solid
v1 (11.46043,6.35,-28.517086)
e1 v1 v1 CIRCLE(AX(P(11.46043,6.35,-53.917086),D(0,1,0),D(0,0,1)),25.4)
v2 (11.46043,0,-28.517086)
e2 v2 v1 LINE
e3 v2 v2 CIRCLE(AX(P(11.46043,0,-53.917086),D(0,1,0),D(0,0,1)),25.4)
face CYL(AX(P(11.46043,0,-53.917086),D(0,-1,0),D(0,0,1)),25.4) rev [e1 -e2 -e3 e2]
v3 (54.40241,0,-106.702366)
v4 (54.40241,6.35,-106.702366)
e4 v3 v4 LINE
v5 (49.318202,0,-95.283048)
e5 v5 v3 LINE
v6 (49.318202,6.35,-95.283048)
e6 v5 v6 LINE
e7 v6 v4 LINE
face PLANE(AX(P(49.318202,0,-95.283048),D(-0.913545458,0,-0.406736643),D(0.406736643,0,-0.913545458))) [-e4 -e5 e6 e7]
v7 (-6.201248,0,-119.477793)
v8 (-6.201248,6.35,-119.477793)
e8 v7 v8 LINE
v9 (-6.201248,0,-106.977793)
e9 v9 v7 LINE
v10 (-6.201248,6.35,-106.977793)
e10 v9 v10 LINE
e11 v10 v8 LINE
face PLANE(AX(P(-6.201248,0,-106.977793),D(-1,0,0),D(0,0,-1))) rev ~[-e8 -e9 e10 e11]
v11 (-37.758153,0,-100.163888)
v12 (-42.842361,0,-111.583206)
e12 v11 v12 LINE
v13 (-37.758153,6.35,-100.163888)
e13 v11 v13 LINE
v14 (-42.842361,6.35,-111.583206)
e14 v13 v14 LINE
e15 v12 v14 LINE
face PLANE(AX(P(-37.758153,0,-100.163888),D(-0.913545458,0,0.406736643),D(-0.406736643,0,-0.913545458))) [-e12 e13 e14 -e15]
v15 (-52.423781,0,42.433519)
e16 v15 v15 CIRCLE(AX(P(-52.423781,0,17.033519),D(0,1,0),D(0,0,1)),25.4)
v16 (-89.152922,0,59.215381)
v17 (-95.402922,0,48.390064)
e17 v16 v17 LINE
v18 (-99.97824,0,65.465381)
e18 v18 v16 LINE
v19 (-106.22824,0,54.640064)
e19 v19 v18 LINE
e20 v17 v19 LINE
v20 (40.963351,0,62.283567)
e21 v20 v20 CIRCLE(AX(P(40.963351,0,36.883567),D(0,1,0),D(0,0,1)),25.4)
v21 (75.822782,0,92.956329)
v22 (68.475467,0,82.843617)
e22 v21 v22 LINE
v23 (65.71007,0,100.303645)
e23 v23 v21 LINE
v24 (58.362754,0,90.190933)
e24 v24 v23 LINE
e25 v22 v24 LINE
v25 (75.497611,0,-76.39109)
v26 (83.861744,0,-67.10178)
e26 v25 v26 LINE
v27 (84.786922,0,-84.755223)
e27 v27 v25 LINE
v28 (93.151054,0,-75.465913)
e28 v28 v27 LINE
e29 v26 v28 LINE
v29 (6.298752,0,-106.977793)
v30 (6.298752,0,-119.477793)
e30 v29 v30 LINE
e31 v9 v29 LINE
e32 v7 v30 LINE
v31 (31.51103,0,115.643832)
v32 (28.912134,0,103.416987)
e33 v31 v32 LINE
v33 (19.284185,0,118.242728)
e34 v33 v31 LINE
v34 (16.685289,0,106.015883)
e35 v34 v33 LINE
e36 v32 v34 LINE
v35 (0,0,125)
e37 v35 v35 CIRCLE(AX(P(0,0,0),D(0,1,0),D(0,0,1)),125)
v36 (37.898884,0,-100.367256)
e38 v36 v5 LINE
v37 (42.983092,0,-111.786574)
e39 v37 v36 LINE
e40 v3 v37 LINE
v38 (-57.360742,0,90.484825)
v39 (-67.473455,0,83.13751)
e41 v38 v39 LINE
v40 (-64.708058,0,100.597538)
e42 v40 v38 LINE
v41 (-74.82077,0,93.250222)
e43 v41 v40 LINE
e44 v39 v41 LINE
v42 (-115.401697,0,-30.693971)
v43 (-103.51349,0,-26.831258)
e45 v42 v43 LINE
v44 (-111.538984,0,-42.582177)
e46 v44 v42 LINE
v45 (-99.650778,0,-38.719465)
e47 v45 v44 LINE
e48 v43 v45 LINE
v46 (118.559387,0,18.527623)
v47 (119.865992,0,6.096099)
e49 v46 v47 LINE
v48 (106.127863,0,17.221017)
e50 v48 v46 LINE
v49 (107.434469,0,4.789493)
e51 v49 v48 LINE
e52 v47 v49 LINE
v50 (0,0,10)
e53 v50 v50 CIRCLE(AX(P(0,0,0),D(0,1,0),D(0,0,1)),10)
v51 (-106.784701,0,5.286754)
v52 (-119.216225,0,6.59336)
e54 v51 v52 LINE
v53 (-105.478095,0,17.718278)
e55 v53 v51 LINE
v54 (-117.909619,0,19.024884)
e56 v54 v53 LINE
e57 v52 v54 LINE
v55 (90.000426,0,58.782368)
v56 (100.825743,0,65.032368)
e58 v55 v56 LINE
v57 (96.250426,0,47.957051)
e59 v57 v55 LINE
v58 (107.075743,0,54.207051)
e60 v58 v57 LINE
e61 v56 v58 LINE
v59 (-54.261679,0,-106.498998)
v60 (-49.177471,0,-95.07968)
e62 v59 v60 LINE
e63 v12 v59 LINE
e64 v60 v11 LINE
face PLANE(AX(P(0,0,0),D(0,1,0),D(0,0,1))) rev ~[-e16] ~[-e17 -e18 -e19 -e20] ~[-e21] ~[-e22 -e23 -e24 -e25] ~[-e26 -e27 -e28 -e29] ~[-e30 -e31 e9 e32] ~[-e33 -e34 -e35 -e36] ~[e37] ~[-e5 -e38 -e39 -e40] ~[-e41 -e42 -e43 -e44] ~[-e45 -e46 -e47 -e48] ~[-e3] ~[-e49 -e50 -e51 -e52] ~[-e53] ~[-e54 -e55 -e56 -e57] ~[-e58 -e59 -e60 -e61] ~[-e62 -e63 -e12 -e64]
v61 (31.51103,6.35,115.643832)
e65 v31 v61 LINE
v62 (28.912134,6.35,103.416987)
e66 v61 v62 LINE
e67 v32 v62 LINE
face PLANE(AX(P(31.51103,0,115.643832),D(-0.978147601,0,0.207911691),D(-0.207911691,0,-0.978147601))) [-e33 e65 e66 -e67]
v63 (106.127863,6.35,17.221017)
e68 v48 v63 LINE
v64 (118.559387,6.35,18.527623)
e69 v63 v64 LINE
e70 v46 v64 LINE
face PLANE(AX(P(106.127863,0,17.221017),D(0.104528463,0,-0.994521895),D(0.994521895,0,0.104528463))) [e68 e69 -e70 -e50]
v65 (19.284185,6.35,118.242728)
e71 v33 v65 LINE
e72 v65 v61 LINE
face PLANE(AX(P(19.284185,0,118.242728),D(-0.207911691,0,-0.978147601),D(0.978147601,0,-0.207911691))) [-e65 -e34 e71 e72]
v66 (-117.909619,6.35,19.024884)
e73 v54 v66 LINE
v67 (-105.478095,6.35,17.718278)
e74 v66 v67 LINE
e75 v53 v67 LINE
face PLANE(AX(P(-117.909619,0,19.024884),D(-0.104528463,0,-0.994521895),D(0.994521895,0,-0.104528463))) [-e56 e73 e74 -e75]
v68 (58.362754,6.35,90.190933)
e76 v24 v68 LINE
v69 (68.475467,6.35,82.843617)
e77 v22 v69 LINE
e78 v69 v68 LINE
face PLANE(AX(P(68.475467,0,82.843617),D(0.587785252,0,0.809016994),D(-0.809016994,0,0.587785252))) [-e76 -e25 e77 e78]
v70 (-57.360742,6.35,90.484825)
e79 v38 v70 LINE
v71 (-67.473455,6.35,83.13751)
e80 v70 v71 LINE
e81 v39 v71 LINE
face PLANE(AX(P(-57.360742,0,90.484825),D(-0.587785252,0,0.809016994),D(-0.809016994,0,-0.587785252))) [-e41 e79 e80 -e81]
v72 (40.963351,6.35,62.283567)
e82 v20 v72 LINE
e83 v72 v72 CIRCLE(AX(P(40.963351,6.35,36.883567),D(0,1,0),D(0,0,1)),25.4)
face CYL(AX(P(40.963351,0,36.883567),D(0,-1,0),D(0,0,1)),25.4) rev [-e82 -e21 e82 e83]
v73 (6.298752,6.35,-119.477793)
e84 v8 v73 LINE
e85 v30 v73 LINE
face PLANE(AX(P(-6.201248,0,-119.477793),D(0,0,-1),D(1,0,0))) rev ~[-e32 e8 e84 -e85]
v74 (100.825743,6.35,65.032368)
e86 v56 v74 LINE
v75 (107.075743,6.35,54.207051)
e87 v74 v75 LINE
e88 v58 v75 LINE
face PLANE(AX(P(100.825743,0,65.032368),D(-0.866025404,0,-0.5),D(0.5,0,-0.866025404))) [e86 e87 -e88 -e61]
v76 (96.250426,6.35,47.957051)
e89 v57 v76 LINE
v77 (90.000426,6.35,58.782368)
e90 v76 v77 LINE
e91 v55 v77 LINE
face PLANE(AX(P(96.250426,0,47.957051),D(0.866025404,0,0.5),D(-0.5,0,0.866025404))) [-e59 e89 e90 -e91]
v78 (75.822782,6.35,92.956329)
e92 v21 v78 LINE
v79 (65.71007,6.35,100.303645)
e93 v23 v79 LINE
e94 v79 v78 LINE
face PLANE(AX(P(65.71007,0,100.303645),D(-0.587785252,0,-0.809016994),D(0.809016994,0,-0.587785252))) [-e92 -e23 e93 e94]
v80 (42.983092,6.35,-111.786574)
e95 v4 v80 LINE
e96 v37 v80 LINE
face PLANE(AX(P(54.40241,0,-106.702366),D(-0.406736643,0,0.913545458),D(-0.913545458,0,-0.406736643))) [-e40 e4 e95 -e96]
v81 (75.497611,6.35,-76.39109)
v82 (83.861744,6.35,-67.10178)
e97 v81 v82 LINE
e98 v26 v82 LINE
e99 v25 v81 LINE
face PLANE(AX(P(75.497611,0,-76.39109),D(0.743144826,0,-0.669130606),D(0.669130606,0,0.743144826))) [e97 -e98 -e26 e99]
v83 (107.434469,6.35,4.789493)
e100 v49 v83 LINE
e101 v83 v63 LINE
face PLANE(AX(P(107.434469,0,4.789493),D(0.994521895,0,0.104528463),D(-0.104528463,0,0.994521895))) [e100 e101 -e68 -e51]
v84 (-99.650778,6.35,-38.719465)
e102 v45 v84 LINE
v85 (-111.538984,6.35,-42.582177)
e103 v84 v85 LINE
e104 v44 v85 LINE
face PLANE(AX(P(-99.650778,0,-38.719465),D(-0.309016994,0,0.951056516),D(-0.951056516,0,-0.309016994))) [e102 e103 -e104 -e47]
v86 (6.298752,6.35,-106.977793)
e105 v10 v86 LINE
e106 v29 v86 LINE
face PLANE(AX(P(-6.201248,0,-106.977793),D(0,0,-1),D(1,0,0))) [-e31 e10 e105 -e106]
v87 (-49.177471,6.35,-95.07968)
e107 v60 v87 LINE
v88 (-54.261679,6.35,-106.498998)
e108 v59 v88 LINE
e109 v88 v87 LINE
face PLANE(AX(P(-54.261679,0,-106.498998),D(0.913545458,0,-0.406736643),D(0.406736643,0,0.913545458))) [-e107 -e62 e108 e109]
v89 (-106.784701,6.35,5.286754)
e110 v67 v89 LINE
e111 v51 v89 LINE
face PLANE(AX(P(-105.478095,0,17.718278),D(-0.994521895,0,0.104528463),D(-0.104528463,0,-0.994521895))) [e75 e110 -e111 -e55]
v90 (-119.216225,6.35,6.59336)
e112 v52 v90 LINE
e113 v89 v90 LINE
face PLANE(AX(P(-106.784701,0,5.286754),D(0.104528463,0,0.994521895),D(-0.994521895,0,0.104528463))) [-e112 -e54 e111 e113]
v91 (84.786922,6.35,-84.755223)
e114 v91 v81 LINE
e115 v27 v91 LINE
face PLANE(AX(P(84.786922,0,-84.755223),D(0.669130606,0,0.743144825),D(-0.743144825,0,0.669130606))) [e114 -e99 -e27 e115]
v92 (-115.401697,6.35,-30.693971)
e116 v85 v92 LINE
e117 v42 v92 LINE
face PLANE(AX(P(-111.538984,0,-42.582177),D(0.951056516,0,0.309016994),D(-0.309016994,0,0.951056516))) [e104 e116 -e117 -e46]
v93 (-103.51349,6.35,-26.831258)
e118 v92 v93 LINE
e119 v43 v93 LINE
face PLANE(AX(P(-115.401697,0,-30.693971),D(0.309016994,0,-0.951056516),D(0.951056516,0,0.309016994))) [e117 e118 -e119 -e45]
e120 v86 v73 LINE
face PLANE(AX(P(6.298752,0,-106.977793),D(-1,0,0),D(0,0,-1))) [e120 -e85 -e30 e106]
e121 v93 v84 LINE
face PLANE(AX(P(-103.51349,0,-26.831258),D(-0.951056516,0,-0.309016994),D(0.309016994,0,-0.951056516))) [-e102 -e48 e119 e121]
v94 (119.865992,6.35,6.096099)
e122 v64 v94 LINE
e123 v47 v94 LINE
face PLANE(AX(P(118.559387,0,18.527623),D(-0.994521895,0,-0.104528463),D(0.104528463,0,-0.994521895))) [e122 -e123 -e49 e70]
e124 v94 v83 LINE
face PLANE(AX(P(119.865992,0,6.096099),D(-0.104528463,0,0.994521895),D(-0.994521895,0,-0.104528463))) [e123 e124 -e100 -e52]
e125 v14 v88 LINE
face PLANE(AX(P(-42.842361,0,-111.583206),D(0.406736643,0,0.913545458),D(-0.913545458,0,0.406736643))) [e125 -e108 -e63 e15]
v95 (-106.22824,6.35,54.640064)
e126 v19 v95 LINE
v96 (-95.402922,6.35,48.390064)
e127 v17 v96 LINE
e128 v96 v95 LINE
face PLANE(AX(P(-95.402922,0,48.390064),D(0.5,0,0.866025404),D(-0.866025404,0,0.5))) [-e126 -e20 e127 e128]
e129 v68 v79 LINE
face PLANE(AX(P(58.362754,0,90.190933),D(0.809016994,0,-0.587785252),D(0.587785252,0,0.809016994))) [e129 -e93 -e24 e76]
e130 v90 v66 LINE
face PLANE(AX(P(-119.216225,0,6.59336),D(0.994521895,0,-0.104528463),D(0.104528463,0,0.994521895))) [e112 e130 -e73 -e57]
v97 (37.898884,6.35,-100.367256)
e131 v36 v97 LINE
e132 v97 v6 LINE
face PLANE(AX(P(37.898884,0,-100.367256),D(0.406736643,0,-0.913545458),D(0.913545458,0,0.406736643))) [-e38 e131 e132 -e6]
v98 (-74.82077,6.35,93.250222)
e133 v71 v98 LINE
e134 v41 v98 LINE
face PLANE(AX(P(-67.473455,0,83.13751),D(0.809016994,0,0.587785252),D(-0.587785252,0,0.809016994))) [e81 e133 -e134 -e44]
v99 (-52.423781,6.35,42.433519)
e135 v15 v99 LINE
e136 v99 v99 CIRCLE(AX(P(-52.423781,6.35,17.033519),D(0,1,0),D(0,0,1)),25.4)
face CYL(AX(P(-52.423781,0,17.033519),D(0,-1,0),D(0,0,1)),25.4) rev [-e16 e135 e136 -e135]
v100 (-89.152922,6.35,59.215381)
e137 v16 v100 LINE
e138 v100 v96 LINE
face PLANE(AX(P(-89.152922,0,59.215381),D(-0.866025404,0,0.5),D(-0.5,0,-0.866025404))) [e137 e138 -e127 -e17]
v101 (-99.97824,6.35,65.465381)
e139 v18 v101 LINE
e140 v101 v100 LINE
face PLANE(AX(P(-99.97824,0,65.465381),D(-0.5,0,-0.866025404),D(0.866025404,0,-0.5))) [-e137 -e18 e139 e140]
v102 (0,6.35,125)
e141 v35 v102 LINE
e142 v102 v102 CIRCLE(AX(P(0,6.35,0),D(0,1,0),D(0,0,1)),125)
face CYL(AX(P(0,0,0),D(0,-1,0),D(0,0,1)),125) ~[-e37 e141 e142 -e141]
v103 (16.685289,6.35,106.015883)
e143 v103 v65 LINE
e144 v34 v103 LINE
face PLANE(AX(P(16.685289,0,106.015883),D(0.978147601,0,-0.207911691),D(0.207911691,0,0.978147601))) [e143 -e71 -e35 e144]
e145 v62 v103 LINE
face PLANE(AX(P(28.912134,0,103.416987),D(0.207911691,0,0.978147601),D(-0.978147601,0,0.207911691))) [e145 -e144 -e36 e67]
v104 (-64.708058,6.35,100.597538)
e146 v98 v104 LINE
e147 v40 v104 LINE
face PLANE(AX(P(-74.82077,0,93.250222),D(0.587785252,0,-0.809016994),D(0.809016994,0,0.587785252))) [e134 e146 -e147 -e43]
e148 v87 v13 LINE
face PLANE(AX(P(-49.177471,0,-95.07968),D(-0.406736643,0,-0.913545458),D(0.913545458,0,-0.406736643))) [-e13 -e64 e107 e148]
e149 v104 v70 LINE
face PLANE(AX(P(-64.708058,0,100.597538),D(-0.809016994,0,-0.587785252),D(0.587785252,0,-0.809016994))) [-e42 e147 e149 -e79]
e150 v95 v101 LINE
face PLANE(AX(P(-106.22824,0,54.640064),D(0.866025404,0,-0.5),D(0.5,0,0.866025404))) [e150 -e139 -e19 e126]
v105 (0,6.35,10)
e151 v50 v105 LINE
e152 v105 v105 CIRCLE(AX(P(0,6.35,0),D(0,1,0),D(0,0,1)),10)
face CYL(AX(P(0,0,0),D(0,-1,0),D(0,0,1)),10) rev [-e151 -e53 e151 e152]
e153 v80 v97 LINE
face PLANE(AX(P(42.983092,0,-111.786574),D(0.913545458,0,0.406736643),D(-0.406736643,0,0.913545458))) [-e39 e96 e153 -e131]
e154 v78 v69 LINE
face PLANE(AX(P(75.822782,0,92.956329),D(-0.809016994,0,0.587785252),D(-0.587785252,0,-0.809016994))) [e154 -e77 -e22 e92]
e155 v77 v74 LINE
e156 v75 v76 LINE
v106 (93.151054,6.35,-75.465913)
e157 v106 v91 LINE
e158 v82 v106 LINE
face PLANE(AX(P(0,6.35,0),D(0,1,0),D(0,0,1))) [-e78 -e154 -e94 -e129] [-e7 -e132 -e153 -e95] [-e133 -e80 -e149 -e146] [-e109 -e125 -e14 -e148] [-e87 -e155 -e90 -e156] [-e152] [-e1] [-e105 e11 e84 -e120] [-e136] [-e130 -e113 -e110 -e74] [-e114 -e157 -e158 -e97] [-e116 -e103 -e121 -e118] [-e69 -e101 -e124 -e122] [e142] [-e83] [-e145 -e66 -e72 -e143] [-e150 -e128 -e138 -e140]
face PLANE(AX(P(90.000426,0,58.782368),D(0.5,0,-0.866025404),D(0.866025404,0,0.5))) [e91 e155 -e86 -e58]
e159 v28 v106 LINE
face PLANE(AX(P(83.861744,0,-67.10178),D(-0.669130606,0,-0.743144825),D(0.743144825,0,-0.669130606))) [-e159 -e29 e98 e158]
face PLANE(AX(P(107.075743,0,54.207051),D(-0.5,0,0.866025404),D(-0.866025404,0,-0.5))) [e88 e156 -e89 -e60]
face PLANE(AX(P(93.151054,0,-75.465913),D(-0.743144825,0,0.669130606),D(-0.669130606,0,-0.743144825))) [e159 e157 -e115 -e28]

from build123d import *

# Parameters (mm, degrees)
SKETCH1_R           = 125
SKETCH1_R_2         = 25.4
SKETCH1_R_3         = 10
SKETCH1_W           = 12.5
SKETCH1_H           = 12.5
BOSS_EXTRUDE1_DEPTH = 6.35


with BuildPart() as part:
    # Sketch1 → Boss-Extrude1 (new body)
    with BuildSketch(Plane(origin=(0, 0, 0), x_dir=(1, 0, 0), z_dir=(0, 1, 0))):
        with Locations(Location((0, 0, 0), (0, 0, 270))):
            Circle(SKETCH1_R)
        with Locations(Location((11.46043037, 53.917085788, 0), (0, 0, 270))):
            Circle(SKETCH1_R_2, mode=Mode.SUBTRACT)
        with Locations(Location((40.963350806, -36.883566733, 0), (0, 0, 270))):
            Circle(SKETCH1_R_2, mode=Mode.SUBTRACT)
        with Locations(Location((-52.423781176, -17.033519055, 0), (0, 0, 270))):
            Circle(SKETCH1_R_2, mode=Mode.SUBTRACT)
        with Locations(Location((0, 0, 0), (0, 0, 270))):
            Circle(SKETCH1_R_3, mode=Mode.SUBTRACT)
        Polygon((42.983091671, 111.786574462), (37.898883633, 100.367256242), (49.318201853, 95.283048203), (54.402409892, 106.702366424), align=None, mode=Mode.SUBTRACT)
        with Locations((0.048751666, 113.22779336)):
            Rectangle(SKETCH1_W, SKETCH1_H, mode=Mode.SUBTRACT)
        Polygon((84.786921515, 84.755223028), (75.497611197, 76.391090449), (83.861743776, 67.10178013), (93.151054095, 75.46591271), align=None, mode=Mode.SUBTRACT)
        Polygon((119.865992309, -6.096099115), (107.434468617, -4.789493325), (106.127862826, -17.221017017), (118.559386518, -18.527622808), align=None, mode=Mode.SUBTRACT)
        Polygon((107.075743235, -54.207050868), (96.250425688, -47.957050868), (90.000425688, -58.782368416), (100.825743235, -65.032368416), align=None, mode=Mode.SUBTRACT)
        Polygon((75.82278228, -92.956329333), (68.475466627, -82.843616903), (58.362754197, -90.190932557), (65.710069851, -100.303644987), align=None, mode=Mode.SUBTRACT)
        Polygon((31.511030318, -115.643832236), (28.912134183, -103.416987227), (16.685289174, -106.015883362), (19.284185309, -118.242728371), align=None, mode=Mode.SUBTRACT)
        Polygon((-64.708058023, -100.597537613), (-57.360742369, -90.484825183), (-67.473454799, -83.137509529), (-74.820770452, -93.250221959), align=None, mode=Mode.SUBTRACT)
        Polygon((-99.978239904, -65.465381118), (-89.152922357, -59.215381118), (-95.402922357, -48.39006357), (-106.228239904, -54.64006357), align=None, mode=Mode.SUBTRACT)
        Polygon((-117.909618955, -19.024883755), (-105.478095263, -17.718277964), (-106.784701054, -5.286754272), (-119.216224746, -6.593360063), align=None, mode=Mode.SUBTRACT)
        Polygon((-115.401696837, 30.693970582), (-103.513490383, 26.831258152), (-99.650777953, 38.719464606), (-111.538984407, 42.582177036), align=None, mode=Mode.SUBTRACT)
        Polygon((-54.26167929, 106.498998102), (-49.177471251, 95.079679882), (-37.758153031, 100.16388792), (-42.842361069, 111.583206141), align=None, mode=Mode.SUBTRACT)
    extrude(amount=BOSS_EXTRUDE1_DEPTH)


solid = part.part
